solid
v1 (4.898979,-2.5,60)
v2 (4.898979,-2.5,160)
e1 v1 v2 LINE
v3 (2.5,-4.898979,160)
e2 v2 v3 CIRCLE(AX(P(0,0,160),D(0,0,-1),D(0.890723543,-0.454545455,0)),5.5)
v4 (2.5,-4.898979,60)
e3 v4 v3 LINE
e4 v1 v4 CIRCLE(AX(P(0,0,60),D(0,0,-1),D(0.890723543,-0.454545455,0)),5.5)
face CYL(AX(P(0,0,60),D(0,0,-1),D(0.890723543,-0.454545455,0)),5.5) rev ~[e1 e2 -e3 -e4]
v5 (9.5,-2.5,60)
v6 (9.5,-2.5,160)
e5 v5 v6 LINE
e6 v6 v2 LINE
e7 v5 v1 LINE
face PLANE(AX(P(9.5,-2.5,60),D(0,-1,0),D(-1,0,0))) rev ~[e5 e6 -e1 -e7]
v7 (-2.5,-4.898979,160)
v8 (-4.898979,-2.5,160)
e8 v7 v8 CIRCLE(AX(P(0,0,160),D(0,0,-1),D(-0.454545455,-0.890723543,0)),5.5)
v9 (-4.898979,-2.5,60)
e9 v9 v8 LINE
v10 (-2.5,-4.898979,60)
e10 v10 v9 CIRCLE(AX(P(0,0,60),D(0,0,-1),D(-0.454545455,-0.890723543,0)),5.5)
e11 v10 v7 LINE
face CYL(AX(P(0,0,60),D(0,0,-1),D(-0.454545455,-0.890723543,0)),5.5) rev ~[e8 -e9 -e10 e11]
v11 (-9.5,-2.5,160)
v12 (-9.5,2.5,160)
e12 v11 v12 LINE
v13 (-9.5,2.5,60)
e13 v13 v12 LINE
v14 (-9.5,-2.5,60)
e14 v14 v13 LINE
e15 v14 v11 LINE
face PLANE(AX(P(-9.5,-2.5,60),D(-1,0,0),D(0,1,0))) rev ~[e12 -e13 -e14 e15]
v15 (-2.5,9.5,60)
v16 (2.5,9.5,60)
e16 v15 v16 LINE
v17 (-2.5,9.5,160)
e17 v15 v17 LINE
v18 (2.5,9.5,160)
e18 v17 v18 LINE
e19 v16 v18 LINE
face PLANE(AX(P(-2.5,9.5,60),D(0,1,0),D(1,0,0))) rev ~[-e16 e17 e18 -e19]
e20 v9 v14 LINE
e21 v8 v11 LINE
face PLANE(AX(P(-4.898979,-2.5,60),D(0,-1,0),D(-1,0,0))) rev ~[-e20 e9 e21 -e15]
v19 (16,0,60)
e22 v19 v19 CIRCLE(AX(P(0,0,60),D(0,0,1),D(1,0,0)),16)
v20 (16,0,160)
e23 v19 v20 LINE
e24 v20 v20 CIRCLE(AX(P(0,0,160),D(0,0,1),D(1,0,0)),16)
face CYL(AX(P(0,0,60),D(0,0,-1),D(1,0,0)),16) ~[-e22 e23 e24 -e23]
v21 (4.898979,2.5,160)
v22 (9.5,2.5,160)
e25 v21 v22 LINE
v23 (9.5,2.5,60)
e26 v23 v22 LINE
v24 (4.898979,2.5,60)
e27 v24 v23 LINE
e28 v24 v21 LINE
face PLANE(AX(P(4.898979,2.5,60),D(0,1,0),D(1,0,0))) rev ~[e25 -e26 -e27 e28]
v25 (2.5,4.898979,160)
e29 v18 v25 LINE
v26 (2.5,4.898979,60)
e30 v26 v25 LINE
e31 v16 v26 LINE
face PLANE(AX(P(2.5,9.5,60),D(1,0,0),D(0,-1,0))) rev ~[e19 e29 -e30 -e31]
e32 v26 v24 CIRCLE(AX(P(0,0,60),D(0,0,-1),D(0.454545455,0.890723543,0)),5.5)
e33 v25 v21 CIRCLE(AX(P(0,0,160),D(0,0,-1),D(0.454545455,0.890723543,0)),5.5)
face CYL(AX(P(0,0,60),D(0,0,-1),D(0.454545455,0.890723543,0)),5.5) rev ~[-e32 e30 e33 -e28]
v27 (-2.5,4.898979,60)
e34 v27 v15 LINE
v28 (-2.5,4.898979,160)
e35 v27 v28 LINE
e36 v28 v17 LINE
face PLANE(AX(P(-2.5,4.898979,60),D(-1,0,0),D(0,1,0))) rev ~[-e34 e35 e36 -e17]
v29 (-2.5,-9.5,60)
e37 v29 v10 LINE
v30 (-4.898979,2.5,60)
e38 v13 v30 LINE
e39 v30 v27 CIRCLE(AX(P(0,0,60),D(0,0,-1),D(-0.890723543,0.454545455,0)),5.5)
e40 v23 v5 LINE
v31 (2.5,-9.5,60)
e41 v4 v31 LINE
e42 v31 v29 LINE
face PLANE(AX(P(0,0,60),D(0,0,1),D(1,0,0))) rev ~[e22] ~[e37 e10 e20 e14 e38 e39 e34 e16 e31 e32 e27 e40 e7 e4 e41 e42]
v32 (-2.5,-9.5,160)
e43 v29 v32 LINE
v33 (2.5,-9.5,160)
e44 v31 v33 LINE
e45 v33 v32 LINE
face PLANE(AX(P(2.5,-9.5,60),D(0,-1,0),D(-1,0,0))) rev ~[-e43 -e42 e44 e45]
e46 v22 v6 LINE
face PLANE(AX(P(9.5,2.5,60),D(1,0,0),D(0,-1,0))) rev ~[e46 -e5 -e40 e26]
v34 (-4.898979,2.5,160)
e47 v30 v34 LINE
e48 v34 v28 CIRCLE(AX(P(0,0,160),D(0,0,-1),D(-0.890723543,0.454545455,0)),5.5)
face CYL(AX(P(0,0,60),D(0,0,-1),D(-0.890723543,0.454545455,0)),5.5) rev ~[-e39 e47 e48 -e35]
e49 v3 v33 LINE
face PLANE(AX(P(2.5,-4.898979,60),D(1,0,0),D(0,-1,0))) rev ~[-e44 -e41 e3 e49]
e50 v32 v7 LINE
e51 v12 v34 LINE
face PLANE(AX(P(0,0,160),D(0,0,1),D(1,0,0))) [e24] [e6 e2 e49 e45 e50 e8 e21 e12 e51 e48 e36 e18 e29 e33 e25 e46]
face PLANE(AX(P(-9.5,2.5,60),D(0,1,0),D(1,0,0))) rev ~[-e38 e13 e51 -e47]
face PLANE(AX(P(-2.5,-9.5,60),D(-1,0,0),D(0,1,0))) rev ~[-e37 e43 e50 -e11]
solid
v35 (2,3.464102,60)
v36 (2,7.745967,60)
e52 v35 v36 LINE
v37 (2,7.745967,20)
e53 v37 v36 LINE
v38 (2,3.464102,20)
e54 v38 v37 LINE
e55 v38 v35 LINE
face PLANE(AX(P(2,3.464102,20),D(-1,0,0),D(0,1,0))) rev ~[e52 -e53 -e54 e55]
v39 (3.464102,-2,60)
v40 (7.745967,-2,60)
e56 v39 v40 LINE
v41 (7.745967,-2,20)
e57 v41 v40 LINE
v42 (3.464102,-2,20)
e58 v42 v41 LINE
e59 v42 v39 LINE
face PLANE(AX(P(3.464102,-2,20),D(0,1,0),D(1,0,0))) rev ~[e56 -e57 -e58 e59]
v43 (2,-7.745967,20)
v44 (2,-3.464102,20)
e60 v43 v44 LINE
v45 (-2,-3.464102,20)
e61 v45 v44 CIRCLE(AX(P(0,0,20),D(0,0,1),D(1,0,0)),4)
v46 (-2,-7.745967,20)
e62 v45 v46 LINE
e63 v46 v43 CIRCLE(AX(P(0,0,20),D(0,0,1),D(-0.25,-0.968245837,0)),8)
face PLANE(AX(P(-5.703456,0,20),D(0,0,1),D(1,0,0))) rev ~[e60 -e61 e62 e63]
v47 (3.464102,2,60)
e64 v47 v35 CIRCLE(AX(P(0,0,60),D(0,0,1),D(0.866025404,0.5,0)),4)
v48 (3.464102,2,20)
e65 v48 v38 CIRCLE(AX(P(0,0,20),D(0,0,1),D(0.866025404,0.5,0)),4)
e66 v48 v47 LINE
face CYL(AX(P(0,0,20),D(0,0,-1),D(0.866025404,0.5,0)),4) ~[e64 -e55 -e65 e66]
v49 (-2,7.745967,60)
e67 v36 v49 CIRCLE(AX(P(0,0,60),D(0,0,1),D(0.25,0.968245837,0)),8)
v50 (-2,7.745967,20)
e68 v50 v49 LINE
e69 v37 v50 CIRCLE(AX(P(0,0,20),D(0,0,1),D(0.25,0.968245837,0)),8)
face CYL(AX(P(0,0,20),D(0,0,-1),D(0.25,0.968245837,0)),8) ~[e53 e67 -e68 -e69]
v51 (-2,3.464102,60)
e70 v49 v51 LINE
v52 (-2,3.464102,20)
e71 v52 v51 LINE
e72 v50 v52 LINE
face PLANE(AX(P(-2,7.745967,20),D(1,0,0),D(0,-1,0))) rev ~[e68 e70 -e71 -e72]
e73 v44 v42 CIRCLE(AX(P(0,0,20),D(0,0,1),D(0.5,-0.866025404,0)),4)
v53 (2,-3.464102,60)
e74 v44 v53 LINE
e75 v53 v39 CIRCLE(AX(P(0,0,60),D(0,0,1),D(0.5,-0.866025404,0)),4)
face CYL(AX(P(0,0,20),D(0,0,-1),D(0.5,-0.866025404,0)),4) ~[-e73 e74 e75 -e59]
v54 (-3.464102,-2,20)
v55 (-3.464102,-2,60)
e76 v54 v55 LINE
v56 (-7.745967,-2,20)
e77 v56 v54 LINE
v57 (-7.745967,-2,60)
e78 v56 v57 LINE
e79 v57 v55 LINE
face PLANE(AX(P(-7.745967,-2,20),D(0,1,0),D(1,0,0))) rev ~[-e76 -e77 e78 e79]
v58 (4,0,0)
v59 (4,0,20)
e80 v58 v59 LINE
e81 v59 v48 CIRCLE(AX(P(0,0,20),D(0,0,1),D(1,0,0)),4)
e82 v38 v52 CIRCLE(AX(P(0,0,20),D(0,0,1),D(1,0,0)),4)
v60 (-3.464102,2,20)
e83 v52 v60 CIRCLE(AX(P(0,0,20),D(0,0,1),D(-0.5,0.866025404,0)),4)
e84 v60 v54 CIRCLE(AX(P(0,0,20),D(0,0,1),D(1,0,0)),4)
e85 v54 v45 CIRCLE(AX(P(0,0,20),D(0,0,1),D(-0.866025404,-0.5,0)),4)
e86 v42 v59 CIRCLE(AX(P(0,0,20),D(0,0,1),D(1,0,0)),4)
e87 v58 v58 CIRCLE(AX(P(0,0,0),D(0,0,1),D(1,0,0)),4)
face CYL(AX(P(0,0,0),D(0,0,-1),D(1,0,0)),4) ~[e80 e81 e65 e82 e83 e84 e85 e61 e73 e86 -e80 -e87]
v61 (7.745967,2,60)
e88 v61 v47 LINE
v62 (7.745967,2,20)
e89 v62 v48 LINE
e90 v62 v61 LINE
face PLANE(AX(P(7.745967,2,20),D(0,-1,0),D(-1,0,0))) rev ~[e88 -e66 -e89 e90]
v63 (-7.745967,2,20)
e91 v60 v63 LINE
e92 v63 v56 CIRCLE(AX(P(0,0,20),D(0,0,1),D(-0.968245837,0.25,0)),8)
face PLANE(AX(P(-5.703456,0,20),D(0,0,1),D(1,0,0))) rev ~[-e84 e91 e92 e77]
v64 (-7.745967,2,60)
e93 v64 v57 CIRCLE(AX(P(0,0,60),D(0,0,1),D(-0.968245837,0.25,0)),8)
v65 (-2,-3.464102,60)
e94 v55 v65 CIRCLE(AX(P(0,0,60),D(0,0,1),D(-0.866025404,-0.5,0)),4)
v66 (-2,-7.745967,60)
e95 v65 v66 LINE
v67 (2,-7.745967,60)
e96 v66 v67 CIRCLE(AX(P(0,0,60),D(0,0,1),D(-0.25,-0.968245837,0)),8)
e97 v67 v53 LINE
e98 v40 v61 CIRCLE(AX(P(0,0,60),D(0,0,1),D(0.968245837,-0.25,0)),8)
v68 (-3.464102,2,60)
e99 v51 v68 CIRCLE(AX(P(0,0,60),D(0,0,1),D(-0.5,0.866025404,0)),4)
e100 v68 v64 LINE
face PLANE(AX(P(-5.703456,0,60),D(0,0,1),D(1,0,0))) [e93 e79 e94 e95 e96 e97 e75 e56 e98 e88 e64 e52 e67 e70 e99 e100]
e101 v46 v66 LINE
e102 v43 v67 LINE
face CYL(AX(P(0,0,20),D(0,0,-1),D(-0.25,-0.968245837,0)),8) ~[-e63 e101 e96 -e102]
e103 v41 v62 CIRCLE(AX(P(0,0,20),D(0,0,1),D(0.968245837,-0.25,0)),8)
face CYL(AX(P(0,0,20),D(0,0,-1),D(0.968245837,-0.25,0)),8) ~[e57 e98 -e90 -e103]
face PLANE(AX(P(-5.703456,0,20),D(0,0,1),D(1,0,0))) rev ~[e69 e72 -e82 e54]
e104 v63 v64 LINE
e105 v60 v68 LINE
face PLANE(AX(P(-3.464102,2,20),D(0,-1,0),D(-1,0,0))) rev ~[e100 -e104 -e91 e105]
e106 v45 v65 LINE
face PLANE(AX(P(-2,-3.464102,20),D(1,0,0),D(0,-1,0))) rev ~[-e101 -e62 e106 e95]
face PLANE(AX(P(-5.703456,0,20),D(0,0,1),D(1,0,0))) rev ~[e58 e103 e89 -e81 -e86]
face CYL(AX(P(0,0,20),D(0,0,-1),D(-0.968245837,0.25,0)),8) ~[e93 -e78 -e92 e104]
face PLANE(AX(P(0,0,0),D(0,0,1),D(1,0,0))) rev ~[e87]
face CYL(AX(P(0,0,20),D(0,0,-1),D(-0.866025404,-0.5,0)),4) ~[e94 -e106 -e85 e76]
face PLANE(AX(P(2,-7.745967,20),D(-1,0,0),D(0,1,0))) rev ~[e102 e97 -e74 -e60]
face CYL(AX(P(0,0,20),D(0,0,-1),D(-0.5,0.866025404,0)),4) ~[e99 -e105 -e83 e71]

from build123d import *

# Parameters (mm, degrees)
F0_R     = 4
F1_DEPTH = 20
F4_DEPTH = 40
F6_R     = 16
F7_DEPTH = 100


with BuildPart() as f1:
    # F0 (on Top) → F1 (new body)
    with BuildSketch(Plane.XY):
        Circle(F0_R)
    extrude(amount=F1_DEPTH)

    # F3 (on offset) → F4 (join)
    with BuildSketch(Plane.XY.offset(20)):
        with BuildLine():
            ThreePointArc((-3.4641016151, -2), (-4, 0), (-3.4641016151, 2))
            Line((-3.4641016151, 2), (-7.7459666924, 2))
            ThreePointArc((-7.7459666924, 2), (-8, 0), (-7.7459666924, -2))
            Line((-7.7459666924, -2), (-3.4641016151, -2))
        make_face()
        with BuildLine():
            ThreePointArc((3.4641016151, -2), (3.8637033052, -1.0352761804), (4, 0))
            ThreePointArc((4, 0), (3.8637033052, 1.0352761804), (3.4641016151, 2))
            ThreePointArc((3.4641016151, 2), (2.8284271247, 2.8284271247), (2, 3.4641016151))
            ThreePointArc((2, 3.4641016151), (0, 4), (-2, 3.4641016151))
            ThreePointArc((-2, 3.4641016151), (-2.8284271247, 2.8284271247), (-3.4641016151, 2))
            ThreePointArc((-3.4641016151, 2), (-4, 0), (-3.4641016151, -2))
            ThreePointArc((-3.4641016151, -2), (-2.8284271247, -2.8284271247), (-2, -3.4641016151))
            ThreePointArc((-2, -3.4641016151), (0, -4), (2, -3.4641016151))
            ThreePointArc((2, -3.4641016151), (2.8284271247, -2.8284271247), (3.4641016151, -2))
        make_face()
        with BuildLine():
            ThreePointArc((-2, 3.4641016151), (0, 4), (2, 3.4641016151))
            Line((2, 3.4641016151), (2, 7.7459666924))
            ThreePointArc((2, 7.7459666924), (0, 8), (-2, 7.7459666924))
            Line((-2, 7.7459666924), (-2, 3.4641016151))
        make_face()
        with BuildLine():
            ThreePointArc((3.4641016151, 2), (3.8637033052, 1.0352761804), (4, 0))
            ThreePointArc((4, 0), (3.8637033052, -1.0352761804), (3.4641016151, -2))
            Line((3.4641016151, -2), (7.7459666924, -2))
            ThreePointArc((7.7459666924, -2), (8, 0), (7.7459666924, 2))
            Line((7.7459666924, 2), (3.4641016151, 2))
        make_face()
        with BuildLine():
            Line((2, -7.7459666924), (2, -3.4641016151))
            ThreePointArc((2, -3.4641016151), (0, -4), (-2, -3.4641016151))
            Line((-2, -3.4641016151), (-2, -7.7459666924))
            ThreePointArc((-2, -7.7459666924), (0, -8), (2, -7.7459666924))
        make_face()
    extrude(amount=F4_DEPTH)


with BuildPart() as f7:
    # F6 (on offset) → F7 (new body)
    with BuildSketch(Plane.XY.offset(60)):
        Circle(F6_R)
        with BuildLine():
            ThreePointArc((2.5, 4.8989794856), (3.8890872965, 3.8890872965), (4.8989794856, 2.5))
            Line((4.8989794856, 2.5), (9.5, 2.5))
            Line((9.5, 2.5), (9.5, 0))
            Line((9.5, 0), (9.5, -2.5))
            Line((9.5, -2.5), (4.8989794856, -2.5))
            ThreePointArc((4.8989794856, -2.5), (3.8890872965, -3.8890872965), (2.5, -4.8989794856))
            Line((2.5, -4.8989794856), (2.5, -9.5))
            Line((2.5, -9.5), (0, -9.5))
            Line((0, -9.5), (-2.5, -9.5))
            Line((-2.5, -9.5), (-2.5, -4.8989794856))
            ThreePointArc((-2.5, -4.8989794856), (-3.8890872965, -3.8890872965), (-4.8989794856, -2.5))
            Line((-4.8989794856, -2.5), (-9.5, -2.5))
            Line((-9.5, -2.5), (-9.5, 0))
            Line((-9.5, 0), (-9.5, 2.5))
            Line((-9.5, 2.5), (-4.8989794856, 2.5))
            ThreePointArc((-4.8989794856, 2.5), (-3.8890872965, 3.8890872965), (-2.5, 4.8989794856))
            Line((-2.5, 4.8989794856), (-2.5, 9.5))
            Line((-2.5, 9.5), (0, 9.5))
            Line((0, 9.5), (2.5, 9.5))
            Line((2.5, 9.5), (2.5, 4.8989794856))
        make_face(mode=Mode.SUBTRACT)
    extrude(amount=F7_DEPTH)


solid = Compound([f1.part, f7.part])
